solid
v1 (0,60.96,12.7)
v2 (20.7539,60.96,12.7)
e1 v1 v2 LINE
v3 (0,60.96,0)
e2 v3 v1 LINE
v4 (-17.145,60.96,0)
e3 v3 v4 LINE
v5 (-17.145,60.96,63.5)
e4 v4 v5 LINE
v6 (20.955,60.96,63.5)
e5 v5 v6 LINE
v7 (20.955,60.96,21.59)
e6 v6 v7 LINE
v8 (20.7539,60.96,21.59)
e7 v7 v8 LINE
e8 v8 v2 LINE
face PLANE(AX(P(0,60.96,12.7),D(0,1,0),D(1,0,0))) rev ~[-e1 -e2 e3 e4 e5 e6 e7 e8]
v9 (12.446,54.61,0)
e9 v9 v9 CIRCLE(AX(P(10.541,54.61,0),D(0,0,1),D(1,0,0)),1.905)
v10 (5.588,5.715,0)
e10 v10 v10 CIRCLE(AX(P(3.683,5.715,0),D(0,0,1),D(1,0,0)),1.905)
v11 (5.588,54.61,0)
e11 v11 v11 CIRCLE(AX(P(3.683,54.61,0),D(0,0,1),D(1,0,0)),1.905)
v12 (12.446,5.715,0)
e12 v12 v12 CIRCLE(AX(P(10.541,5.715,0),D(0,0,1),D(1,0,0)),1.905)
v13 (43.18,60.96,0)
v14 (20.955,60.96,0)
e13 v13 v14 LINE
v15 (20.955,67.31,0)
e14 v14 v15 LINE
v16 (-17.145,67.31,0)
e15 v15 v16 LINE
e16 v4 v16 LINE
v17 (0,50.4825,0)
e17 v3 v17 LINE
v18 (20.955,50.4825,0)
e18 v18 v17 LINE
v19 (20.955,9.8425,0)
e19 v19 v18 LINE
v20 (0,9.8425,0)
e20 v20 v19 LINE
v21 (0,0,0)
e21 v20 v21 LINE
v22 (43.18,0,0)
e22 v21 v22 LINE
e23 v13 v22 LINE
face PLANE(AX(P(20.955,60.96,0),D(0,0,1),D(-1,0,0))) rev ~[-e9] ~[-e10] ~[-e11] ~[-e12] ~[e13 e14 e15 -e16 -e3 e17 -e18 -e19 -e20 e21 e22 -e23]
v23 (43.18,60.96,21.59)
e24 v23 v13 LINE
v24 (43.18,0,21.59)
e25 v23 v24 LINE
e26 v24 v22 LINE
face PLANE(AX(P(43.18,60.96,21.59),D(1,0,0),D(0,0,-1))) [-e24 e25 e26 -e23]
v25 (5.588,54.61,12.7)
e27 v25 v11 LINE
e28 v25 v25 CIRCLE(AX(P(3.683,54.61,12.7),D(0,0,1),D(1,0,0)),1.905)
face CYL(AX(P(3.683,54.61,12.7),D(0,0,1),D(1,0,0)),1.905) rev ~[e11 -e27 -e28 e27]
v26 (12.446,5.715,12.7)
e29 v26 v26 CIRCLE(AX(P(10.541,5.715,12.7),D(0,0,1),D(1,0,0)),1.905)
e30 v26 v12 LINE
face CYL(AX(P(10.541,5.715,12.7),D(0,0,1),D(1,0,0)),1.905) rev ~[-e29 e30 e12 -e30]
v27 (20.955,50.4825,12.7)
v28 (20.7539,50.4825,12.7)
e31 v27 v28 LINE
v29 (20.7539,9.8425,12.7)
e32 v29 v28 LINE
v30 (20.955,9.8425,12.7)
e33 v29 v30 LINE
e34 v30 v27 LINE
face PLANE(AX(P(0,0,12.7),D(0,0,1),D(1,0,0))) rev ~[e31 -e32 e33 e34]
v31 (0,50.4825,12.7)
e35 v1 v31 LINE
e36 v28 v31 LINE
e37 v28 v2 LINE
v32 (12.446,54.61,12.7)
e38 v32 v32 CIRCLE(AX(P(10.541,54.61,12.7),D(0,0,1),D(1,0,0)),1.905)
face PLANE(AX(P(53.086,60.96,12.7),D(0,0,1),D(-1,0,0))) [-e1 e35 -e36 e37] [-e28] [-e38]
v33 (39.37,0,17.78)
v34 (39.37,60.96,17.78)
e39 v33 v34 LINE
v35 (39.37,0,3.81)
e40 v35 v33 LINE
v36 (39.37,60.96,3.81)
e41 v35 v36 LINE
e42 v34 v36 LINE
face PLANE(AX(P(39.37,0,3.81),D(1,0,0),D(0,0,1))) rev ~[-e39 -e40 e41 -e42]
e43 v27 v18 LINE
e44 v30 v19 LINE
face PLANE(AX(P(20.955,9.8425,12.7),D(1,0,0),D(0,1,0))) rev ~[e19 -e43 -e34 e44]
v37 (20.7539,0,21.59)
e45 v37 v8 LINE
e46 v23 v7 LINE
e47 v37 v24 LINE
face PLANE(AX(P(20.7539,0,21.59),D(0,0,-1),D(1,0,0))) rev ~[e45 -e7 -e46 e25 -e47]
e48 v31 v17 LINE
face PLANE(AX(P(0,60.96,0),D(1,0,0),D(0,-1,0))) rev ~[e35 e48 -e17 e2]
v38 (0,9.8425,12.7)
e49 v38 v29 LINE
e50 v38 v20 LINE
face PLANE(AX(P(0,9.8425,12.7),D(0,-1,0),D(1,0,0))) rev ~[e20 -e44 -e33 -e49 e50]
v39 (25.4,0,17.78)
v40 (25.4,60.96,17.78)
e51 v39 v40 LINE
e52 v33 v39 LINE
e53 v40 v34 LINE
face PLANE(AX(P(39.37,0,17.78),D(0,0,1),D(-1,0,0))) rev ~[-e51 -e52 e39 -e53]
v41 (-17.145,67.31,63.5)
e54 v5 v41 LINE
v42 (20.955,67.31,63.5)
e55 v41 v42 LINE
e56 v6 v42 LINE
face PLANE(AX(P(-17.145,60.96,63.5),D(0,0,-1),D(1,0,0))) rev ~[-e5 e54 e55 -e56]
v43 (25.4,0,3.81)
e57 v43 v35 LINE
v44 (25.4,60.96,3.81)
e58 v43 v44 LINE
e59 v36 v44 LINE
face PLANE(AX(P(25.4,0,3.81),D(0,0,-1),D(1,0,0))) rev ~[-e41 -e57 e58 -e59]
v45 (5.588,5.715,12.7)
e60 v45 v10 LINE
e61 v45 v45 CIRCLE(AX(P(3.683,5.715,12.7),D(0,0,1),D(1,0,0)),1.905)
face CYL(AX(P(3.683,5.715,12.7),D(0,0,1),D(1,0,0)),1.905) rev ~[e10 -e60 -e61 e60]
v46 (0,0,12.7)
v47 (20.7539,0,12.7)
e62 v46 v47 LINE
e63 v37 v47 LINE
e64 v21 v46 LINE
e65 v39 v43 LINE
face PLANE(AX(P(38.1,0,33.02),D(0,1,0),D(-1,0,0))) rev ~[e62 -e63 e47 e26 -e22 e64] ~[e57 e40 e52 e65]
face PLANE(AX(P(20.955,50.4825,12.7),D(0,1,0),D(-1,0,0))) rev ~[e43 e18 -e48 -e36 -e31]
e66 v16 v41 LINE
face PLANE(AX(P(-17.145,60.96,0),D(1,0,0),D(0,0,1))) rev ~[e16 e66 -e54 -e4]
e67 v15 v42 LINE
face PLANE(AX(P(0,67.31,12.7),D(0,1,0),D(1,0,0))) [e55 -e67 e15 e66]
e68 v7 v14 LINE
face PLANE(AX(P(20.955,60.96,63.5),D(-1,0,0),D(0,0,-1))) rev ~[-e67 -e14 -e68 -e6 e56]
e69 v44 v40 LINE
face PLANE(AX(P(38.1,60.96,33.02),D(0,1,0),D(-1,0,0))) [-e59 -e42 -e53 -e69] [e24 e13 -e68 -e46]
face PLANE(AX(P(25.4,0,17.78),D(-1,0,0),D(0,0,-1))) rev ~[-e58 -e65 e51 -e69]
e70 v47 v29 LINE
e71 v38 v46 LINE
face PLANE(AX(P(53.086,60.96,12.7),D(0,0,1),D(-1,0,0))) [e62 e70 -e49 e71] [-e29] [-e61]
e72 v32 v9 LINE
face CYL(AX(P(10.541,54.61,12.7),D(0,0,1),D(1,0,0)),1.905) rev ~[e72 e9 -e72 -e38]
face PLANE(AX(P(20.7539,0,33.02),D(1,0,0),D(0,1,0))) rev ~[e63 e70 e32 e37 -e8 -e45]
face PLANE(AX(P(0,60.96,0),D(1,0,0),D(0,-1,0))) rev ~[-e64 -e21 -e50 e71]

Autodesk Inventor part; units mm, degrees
ref_plane "YZ Plane" through (0, 0, 0) normal (1, 0, 0) x (0, 1, 0)
ref_plane "XZ Plane" through (0, 0, 0) normal (0, 1, 0) x (-1, 0, 0)
ref_plane "XY Plane" through (0, 0, 0) normal (0, 0, 1) x (1, 0, 0)
sketch "Sketch1" plane through (0, 0, 0) normal (0, 0, 1) x (1, 0, 0)
  line L0 (0, 0) -> (70.612, 0)
  line L1 (70.612, 0) -> (70.612, 60.96)
  line L2 (70.612, 60.96) -> (0, 60.96)
  line L3 (0, 60.96) -> (0, 0)
  dimension "d0" = 70.612
  dimension "d1" = 60.96
sketch "Sketch2" plane through (0, 0, 0) normal (0, 0, 1) x (1, 0, 0)
  point P0 (0, 0)
extrude "Extrusion1" add sketch "Sketch1" along normal blind 12.7
sketch "Sketch3" plane through (0, 0, 12.7) normal (0, 0, 1) x (1, 0, 0)
  circle A0 centre (3.683, 54.61) radius 1.905
  circle A1 centre (10.541, 54.61) radius 1.905
  circle A2 centre (3.683, 5.715) radius 1.905
  circle A3 centre (10.541, 5.715) radius 1.905
  point P0 (0, 0)
  dimension "d4" = 3.81
  dimension "d5" = 3.81
  dimension "d6" = 3.81
  dimension "d7" = 3.81
extrude "Extrusion2" cut sketch "Sketch3" against normal blind 12.7
sketch "Sketch4" plane through (0, 0, 12.7) normal (0, 0, 1) x (1, 0, 0)
  line L0 (70.612, 60.96) -> (0, 60.96) projected
  line L1 (70.612, 0) -> (70.612, 60.96) projected
  line L2 (38.1, 60.96) -> (70.612, 60.96)
  line L3 (70.612, 60.96) -> (70.612, 0)
  line L4 (70.612, 0) -> (38.1, 0)
  line L5 (38.1, 0) -> (38.1, 60.96)
  line L6 (0, 60.96) -> (0, 0) projected
  dimension "d10" = 38.1
extrude "Extrusion3" add sketch "Sketch4" along normal blind 20.32
sketch "Sketch5" plane through (0, 0, 12.7) normal (0, 0, 1) x (1, 0, 0)
  line L0 (0, 60.96) -> (0, 0) projected
  line L1 (0, 9.8425) -> (20.955, 9.8425)
  line L2 (20.955, 9.8425) -> (20.955, 50.4825)
  line L3 (20.955, 50.4825) -> (0, 50.4825)
  line L4 (0, 50.4825) -> (0, 9.8425)
  dimension "d13" = 20.955
  dimension "d14" = 40.64
extrude "Extrusion4" cut sketch "Sketch5" against normal blind 12.7
sketch "Sketch6" plane through (0, 60.96, 0) normal (0, 1, 0) x (1, 0, 0)
  line L0 (12.446, -12.7) -> (12.446, 0) projected
  line L1 (12.446, 0) -> (53.086, 0)
  line L2 (53.086, 0) -> (53.086, -12.7)
  line L3 (53.086, -12.7) -> (12.446, -12.7)
  line L4 (12.446, -12.7) -> (12.446, 0)
  point P0 (0, 0)
  dimension "d17" = 40.64
extrude "Extrusion5" add sketch "Sketch6" along normal blind 20.32
sketch "Sketch7" plane through (0, 0, 12.7) normal (0, 0, 1) x (1, 0, 0)
  circle A0 centre (20.955, 76.2) radius 1.905
  circle A1 centre (20.955, 67.31) radius 1.905
  circle A2 centre (40.64, 67.31) radius 1.905
  circle A3 centre (40.64, 76.2) radius 1.905
  point P0 (0, 0)
  dimension "d20" = 3.81
  dimension "d21" = 3.81
  dimension "d22" = 3.81
  dimension "d23" = 3.81
extrude "Extrusion6" cut sketch "Sketch7" against normal blind 12.7
sketch "Sketch8" plane through (0, 0, 12.7) normal (0, 0, 1) x (1, 0, 0)
  line L0 (12.446, 60.96) -> (12.446, 81.28) projected
  line L1 (70.612, 60.96) -> (53.086, 60.96) projected
  line L2 (12.446, 81.28) -> (53.086, 81.28)
  line L3 (53.086, 81.28) -> (53.086, 60.96)
  line L4 (53.086, 60.96) -> (12.446, 60.96)
  line L5 (12.446, 60.96) -> (12.446, 81.28)
  point P0 (0, 0)
extrude "Extrusion7" cut sketch "Sketch8" against normal blind 25.4
sketch "Sketch9" plane through (0, 0, 12.7) normal (0, 0, 1) x (1, 0, 0)
  point P0 (0, 0)
sketch "Sketch10" plane through (0, 0, 33.02) normal (0, 0, 1) x (1, 0, 0)
  line L0 (38.1, 60.96) -> (0, 60.96) projected
  line L1 (38.1, 0) -> (20.7539, 0)
  line L2 (20.7539, 0) -> (20.7539, 60.96)
  line L3 (20.7539, 60.96) -> (38.1, 60.96)
  line L4 (38.1, 60.96) -> (38.1, 0)
  point P0 (0, 0)
extrude "Extrusion8" add sketch "Sketch10" against normal blind 20.32
sketch "Sketch11" plane through (0, 0, 0) normal (0, -1, 0) x (1, 0, 0)
  line L0 (70.612, 33.02) -> (20.7539, 33.02) projected
  line L1 (0, 0) -> (70.612, 0) projected
  line L2 (70.612, 33.02) -> (45.212, 33.02)
  line L3 (45.212, 33.02) -> (45.212, 0)
  line L4 (45.212, 0) -> (70.612, 0)
  line L5 (70.612, 0) -> (70.612, 33.02)
  dimension "d30" = 25.4
extrude "Extrusion9" cut sketch "Sketch11" against normal blind 76.2
sketch "Sketch12" plane through (0, 0, 0) normal (0, -1, 0) x (1, 0, 0)
  line L0 (25.4, 3.81) -> (39.37, 3.81)
  line L1 (39.37, 3.81) -> (39.37, 17.78)
  line L2 (39.37, 17.78) -> (25.4, 17.78)
  line L3 (25.4, 17.78) -> (25.4, 3.81)
  point P0 (0, 0)
  dimension "d33" = 13.97
  dimension "d34" = 13.97
extrude "Extrusion10" cut sketch "Sketch12" against normal blind 76.2
sketch "Sketch13" plane through (0, 0, 0) normal (0, -1, 0) x (1, 0, 0)
  line L0 (20.7539, 33.02) -> (20.7539, 12.7) projected
  line L1 (45.212, 33.02) -> (20.7539, 33.02) projected
  line L2 (20.7539, 21.59) -> (45.212, 21.59)
  line L3 (45.212, 21.59) -> (45.212, 33.02)
  line L4 (45.212, 33.02) -> (20.7539, 33.02)
  line L5 (20.7539, 33.02) -> (20.7539, 21.59)
  point P0 (0, 0)
extrude "Extrusion11" cut sketch "Sketch13" against normal blind 76.2
sketch "Sketch14" plane through (0, 60.96, 12.7) normal (0, 1, 0) x (1, 0, 0)
  line L0 (45.212, -8.89) -> (20.7539, -8.89) projected
  line L1 (45.212, -8.89) -> (43.18, -8.89)
  line L2 (43.18, -8.89) -> (43.18, 12.7)
  line L3 (43.18, 12.7) -> (45.212, 12.7)
  line L4 (45.212, 12.7) -> (45.212, -8.89)
  point P0 (0, 12.7)
  dimension "d39" = 2.032
extrude "Extrusion12" cut sketch "Sketch14" against normal blind 76.2
sketch "Sketch15" plane through (0, 60.96, 12.7) normal (0, 1, 0) x (1, 0, 0)
  line L0 (20.955, 0) -> (20.955, 12.7) projected
  line L1 (20.955, 12.7) -> (-17.145, 12.7)
  line L2 (-17.145, 12.7) -> (-17.145, -50.8)
  line L3 (-17.145, -50.8) -> (20.955, -50.8)
  line L4 (20.955, -50.8) -> (20.955, 12.7)
  point P0 (0, 12.7)
  dimension "d42" = 38.1
  dimension "d43" = 63.5
extrude "Extrusion13" add sketch "Sketch15" along normal blind 6.35
properties part number "servo_rack"
